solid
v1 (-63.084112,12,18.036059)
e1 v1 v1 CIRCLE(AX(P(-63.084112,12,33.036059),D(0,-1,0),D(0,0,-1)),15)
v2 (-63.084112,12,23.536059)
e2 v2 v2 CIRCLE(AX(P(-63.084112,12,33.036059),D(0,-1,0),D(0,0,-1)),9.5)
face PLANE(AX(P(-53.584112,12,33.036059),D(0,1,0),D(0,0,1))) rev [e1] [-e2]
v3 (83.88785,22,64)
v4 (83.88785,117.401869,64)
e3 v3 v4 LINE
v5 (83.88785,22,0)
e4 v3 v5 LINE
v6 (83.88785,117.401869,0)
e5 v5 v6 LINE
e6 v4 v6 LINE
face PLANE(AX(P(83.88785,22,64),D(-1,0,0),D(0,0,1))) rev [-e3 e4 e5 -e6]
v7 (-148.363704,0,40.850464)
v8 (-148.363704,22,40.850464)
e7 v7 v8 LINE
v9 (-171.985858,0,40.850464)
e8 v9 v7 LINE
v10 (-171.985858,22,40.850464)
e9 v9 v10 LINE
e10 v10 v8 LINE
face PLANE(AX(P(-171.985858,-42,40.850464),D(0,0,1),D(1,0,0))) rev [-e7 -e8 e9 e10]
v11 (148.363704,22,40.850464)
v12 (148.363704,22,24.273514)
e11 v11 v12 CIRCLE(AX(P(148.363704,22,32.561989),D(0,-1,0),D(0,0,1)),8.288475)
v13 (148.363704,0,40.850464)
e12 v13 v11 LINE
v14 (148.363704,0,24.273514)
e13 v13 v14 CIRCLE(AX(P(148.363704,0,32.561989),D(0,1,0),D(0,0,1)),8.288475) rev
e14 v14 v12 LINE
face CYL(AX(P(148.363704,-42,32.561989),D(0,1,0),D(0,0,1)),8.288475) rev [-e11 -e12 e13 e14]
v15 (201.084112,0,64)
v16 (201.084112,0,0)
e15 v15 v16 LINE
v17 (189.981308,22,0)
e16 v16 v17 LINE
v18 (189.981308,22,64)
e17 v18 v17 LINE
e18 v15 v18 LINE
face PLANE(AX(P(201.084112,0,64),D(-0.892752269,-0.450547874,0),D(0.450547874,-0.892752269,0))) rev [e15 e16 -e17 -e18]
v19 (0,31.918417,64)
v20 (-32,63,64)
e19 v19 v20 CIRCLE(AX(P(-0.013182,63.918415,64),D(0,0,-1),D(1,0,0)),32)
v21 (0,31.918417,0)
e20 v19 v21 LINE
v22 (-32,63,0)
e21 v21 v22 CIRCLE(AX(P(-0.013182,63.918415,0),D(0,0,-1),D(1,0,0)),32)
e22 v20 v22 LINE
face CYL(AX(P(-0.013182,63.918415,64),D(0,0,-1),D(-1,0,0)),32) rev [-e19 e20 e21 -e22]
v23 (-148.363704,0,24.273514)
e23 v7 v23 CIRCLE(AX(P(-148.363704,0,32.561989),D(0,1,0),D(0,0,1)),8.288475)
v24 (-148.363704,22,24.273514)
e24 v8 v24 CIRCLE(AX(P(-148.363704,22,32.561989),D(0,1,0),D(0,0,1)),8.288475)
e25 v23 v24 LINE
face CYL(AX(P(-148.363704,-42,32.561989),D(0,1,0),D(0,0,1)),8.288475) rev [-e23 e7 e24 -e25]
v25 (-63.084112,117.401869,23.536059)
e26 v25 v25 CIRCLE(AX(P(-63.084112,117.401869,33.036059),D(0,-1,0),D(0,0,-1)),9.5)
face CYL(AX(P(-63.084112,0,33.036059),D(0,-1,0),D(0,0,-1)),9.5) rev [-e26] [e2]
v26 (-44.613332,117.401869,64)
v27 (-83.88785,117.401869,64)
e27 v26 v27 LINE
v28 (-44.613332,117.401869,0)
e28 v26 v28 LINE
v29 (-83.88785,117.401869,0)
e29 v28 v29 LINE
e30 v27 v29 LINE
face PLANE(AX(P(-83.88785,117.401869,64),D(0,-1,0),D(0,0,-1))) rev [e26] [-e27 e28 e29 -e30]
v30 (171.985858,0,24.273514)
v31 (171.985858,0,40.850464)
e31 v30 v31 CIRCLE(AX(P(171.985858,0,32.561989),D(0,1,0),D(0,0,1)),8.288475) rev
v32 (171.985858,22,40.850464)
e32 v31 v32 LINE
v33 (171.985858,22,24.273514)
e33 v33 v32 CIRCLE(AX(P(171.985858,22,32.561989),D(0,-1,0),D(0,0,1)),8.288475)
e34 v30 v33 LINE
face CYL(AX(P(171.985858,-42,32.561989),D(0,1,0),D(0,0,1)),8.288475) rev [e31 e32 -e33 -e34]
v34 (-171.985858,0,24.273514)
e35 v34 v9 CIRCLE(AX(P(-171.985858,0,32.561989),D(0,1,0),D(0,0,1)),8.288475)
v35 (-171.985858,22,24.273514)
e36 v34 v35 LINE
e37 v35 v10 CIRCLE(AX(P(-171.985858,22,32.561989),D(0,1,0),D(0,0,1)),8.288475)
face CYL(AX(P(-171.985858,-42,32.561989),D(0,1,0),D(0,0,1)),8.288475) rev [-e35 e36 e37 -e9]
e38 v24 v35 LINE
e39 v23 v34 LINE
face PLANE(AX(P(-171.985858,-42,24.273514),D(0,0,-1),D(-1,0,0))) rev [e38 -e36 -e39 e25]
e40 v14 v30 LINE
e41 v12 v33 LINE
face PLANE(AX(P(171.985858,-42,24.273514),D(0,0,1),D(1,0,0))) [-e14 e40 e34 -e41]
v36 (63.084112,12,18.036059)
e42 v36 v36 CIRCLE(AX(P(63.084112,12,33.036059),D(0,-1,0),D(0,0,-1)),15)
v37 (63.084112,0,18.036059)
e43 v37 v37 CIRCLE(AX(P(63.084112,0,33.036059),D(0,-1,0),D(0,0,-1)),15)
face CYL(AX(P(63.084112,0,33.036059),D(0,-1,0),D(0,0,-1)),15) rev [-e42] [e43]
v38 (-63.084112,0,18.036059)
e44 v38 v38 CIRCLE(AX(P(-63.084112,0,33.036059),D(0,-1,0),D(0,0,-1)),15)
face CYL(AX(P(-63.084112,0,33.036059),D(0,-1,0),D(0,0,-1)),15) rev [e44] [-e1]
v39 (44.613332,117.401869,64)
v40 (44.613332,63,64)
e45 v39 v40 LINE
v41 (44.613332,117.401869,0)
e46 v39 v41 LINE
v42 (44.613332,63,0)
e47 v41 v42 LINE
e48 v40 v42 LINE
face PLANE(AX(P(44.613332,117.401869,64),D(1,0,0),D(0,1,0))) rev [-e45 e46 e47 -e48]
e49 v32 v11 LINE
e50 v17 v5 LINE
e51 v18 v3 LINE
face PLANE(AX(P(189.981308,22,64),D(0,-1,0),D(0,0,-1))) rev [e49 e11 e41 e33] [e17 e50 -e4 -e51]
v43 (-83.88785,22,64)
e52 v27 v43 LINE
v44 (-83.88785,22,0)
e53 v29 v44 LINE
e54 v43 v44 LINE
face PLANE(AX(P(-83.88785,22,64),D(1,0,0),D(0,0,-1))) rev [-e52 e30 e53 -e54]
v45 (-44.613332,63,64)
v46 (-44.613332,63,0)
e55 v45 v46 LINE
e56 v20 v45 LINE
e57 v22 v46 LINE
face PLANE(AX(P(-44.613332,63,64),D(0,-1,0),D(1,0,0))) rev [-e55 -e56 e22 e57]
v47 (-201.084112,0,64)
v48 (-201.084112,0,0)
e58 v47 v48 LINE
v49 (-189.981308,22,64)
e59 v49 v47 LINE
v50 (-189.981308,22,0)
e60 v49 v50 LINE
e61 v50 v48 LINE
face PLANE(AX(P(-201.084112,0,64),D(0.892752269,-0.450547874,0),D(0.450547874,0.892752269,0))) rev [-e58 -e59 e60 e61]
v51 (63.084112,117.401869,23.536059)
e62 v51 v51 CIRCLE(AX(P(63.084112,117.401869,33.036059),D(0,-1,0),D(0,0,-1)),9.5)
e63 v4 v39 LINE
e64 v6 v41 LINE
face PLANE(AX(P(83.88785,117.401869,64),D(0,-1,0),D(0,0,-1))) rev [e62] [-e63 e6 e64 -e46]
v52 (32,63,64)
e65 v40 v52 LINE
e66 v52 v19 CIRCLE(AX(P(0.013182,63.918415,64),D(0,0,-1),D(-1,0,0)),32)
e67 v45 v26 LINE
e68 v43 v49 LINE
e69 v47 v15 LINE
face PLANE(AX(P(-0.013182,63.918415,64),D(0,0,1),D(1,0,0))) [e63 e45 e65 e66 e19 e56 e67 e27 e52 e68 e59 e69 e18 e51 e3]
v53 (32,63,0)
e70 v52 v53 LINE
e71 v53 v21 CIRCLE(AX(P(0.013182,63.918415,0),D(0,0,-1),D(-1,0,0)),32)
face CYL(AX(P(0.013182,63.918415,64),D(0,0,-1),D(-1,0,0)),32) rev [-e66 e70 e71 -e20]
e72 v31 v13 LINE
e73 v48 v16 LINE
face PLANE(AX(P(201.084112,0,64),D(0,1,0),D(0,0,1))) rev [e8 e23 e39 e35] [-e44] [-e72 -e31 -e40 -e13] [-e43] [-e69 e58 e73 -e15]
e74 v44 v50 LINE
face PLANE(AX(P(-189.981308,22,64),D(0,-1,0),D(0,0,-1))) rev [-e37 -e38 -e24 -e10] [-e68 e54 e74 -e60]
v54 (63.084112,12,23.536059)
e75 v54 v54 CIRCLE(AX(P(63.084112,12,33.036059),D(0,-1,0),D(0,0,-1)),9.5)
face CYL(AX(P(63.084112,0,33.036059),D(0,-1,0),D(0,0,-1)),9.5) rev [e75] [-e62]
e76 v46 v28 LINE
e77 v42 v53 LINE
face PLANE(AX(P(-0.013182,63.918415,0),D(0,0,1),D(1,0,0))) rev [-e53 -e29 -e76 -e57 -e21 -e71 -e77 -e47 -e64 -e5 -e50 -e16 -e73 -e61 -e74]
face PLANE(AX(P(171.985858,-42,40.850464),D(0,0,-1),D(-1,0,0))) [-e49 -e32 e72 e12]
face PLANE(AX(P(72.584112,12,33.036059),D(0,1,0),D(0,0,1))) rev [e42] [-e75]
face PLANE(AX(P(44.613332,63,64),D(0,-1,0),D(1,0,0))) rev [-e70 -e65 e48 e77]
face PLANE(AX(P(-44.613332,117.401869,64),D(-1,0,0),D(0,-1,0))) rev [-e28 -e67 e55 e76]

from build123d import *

# Parameters (mm, degrees)
BOSS_EXTRUDE1_DEPTH = 64
CUT_EXTRUDE1_DEPTH  = 64


with BuildPart() as part:
    # Sketch1 → Boss-Extrude1 (new body)
    with BuildSketch(Plane.XY):
        with BuildLine():
            Line((-201.08411215, 0), (-189.981308411, 22))
            Line((-189.981308411, 22), (-83.887850467, 22))
            Line((-83.887850467, 22), (-83.887850467, 117.401869159))
            Line((-83.887850467, 117.401869159), (-44.613332129, 117.401869159))
            Line((-44.613332129, 117.401869159), (-44.613332129, 63))
            Line((-44.613332129, 63), (-32, 63))
            ThreePointArc((-32, 63), (-22.308799202, 40.963993281), (0, 31.918417389))
            ThreePointArc((0, 31.918417389), (22.308799202, 40.963993281), (32, 63))
            Line((32, 63), (44.613332129, 63))
            Line((44.613332129, 63), (44.613332129, 117.401869159))
            Line((44.613332129, 117.401869159), (83.887850467, 117.401869159))
            Line((83.887850467, 117.401869159), (83.887850467, 22))
            Line((83.887850467, 22), (189.981308411, 22))
            Line((189.981308411, 22), (201.08411215, 0))
            Line((201.08411215, 0), (-201.08411215, 0))
        make_face()
    extrude(amount=BOSS_EXTRUDE1_DEPTH)

    # Sketch2 → Cut-Extrude1 (cut)
    with BuildSketch(Plane(origin=(0, 22, 0), x_dir=(1, 0, 0), z_dir=(0, 1, 0))):
        with BuildLine():
            Line((-171.985857657, -24.273514292), (-148.363703714, -24.273514292))
            ThreePointArc((-148.363703714, -24.273514292), (-140.075228646, -32.56198936), (-148.363703714, -40.850464428))
            Line((-148.363703714, -40.850464428), (-171.985857657, -40.850464428))
            ThreePointArc((-171.985857657, -40.850464428), (-180.274332725, -32.56198936), (-171.985857657, -24.273514292))
        make_face()
    cut_extrude1 = extrude(amount=-CUT_EXTRUDE1_DEPTH, mode=Mode.SUBTRACT)

    # Sketch5 → CBORE for M5 Hex Head Bolt1 (revolve, cut)
    with BuildSketch(Plane(origin=(-63.08411215, 0, 33.036059383), x_dir=(0, 0, -1), z_dir=(1, 0, 0))):
        Polygon((0, 0), (0, 135.708175881), (9.5, 130), (9.5, 12), (15, 12), (15, 0), align=None)
    cbore_for_m5_hex_head_bolt1 = revolve(axis=Axis((-63.08411215, -6.35, 33.036059383), (0, 1, 0)), mode=Mode.SUBTRACT)

    # Mirror1: Cut-Extrude1, CBORE for M5 Hex Head Bolt1 across plane
    add(cut_extrude1.mirror(Plane(origin=(0, 0, 0), x_dir=(0, 0, 1), z_dir=(1, 0, 0))), mode=Mode.SUBTRACT)
    add(cbore_for_m5_hex_head_bolt1.mirror(Plane(origin=(0, 0, 0), x_dir=(0, 0, 1), z_dir=(1, 0, 0))), mode=Mode.SUBTRACT)


solid = part.part
